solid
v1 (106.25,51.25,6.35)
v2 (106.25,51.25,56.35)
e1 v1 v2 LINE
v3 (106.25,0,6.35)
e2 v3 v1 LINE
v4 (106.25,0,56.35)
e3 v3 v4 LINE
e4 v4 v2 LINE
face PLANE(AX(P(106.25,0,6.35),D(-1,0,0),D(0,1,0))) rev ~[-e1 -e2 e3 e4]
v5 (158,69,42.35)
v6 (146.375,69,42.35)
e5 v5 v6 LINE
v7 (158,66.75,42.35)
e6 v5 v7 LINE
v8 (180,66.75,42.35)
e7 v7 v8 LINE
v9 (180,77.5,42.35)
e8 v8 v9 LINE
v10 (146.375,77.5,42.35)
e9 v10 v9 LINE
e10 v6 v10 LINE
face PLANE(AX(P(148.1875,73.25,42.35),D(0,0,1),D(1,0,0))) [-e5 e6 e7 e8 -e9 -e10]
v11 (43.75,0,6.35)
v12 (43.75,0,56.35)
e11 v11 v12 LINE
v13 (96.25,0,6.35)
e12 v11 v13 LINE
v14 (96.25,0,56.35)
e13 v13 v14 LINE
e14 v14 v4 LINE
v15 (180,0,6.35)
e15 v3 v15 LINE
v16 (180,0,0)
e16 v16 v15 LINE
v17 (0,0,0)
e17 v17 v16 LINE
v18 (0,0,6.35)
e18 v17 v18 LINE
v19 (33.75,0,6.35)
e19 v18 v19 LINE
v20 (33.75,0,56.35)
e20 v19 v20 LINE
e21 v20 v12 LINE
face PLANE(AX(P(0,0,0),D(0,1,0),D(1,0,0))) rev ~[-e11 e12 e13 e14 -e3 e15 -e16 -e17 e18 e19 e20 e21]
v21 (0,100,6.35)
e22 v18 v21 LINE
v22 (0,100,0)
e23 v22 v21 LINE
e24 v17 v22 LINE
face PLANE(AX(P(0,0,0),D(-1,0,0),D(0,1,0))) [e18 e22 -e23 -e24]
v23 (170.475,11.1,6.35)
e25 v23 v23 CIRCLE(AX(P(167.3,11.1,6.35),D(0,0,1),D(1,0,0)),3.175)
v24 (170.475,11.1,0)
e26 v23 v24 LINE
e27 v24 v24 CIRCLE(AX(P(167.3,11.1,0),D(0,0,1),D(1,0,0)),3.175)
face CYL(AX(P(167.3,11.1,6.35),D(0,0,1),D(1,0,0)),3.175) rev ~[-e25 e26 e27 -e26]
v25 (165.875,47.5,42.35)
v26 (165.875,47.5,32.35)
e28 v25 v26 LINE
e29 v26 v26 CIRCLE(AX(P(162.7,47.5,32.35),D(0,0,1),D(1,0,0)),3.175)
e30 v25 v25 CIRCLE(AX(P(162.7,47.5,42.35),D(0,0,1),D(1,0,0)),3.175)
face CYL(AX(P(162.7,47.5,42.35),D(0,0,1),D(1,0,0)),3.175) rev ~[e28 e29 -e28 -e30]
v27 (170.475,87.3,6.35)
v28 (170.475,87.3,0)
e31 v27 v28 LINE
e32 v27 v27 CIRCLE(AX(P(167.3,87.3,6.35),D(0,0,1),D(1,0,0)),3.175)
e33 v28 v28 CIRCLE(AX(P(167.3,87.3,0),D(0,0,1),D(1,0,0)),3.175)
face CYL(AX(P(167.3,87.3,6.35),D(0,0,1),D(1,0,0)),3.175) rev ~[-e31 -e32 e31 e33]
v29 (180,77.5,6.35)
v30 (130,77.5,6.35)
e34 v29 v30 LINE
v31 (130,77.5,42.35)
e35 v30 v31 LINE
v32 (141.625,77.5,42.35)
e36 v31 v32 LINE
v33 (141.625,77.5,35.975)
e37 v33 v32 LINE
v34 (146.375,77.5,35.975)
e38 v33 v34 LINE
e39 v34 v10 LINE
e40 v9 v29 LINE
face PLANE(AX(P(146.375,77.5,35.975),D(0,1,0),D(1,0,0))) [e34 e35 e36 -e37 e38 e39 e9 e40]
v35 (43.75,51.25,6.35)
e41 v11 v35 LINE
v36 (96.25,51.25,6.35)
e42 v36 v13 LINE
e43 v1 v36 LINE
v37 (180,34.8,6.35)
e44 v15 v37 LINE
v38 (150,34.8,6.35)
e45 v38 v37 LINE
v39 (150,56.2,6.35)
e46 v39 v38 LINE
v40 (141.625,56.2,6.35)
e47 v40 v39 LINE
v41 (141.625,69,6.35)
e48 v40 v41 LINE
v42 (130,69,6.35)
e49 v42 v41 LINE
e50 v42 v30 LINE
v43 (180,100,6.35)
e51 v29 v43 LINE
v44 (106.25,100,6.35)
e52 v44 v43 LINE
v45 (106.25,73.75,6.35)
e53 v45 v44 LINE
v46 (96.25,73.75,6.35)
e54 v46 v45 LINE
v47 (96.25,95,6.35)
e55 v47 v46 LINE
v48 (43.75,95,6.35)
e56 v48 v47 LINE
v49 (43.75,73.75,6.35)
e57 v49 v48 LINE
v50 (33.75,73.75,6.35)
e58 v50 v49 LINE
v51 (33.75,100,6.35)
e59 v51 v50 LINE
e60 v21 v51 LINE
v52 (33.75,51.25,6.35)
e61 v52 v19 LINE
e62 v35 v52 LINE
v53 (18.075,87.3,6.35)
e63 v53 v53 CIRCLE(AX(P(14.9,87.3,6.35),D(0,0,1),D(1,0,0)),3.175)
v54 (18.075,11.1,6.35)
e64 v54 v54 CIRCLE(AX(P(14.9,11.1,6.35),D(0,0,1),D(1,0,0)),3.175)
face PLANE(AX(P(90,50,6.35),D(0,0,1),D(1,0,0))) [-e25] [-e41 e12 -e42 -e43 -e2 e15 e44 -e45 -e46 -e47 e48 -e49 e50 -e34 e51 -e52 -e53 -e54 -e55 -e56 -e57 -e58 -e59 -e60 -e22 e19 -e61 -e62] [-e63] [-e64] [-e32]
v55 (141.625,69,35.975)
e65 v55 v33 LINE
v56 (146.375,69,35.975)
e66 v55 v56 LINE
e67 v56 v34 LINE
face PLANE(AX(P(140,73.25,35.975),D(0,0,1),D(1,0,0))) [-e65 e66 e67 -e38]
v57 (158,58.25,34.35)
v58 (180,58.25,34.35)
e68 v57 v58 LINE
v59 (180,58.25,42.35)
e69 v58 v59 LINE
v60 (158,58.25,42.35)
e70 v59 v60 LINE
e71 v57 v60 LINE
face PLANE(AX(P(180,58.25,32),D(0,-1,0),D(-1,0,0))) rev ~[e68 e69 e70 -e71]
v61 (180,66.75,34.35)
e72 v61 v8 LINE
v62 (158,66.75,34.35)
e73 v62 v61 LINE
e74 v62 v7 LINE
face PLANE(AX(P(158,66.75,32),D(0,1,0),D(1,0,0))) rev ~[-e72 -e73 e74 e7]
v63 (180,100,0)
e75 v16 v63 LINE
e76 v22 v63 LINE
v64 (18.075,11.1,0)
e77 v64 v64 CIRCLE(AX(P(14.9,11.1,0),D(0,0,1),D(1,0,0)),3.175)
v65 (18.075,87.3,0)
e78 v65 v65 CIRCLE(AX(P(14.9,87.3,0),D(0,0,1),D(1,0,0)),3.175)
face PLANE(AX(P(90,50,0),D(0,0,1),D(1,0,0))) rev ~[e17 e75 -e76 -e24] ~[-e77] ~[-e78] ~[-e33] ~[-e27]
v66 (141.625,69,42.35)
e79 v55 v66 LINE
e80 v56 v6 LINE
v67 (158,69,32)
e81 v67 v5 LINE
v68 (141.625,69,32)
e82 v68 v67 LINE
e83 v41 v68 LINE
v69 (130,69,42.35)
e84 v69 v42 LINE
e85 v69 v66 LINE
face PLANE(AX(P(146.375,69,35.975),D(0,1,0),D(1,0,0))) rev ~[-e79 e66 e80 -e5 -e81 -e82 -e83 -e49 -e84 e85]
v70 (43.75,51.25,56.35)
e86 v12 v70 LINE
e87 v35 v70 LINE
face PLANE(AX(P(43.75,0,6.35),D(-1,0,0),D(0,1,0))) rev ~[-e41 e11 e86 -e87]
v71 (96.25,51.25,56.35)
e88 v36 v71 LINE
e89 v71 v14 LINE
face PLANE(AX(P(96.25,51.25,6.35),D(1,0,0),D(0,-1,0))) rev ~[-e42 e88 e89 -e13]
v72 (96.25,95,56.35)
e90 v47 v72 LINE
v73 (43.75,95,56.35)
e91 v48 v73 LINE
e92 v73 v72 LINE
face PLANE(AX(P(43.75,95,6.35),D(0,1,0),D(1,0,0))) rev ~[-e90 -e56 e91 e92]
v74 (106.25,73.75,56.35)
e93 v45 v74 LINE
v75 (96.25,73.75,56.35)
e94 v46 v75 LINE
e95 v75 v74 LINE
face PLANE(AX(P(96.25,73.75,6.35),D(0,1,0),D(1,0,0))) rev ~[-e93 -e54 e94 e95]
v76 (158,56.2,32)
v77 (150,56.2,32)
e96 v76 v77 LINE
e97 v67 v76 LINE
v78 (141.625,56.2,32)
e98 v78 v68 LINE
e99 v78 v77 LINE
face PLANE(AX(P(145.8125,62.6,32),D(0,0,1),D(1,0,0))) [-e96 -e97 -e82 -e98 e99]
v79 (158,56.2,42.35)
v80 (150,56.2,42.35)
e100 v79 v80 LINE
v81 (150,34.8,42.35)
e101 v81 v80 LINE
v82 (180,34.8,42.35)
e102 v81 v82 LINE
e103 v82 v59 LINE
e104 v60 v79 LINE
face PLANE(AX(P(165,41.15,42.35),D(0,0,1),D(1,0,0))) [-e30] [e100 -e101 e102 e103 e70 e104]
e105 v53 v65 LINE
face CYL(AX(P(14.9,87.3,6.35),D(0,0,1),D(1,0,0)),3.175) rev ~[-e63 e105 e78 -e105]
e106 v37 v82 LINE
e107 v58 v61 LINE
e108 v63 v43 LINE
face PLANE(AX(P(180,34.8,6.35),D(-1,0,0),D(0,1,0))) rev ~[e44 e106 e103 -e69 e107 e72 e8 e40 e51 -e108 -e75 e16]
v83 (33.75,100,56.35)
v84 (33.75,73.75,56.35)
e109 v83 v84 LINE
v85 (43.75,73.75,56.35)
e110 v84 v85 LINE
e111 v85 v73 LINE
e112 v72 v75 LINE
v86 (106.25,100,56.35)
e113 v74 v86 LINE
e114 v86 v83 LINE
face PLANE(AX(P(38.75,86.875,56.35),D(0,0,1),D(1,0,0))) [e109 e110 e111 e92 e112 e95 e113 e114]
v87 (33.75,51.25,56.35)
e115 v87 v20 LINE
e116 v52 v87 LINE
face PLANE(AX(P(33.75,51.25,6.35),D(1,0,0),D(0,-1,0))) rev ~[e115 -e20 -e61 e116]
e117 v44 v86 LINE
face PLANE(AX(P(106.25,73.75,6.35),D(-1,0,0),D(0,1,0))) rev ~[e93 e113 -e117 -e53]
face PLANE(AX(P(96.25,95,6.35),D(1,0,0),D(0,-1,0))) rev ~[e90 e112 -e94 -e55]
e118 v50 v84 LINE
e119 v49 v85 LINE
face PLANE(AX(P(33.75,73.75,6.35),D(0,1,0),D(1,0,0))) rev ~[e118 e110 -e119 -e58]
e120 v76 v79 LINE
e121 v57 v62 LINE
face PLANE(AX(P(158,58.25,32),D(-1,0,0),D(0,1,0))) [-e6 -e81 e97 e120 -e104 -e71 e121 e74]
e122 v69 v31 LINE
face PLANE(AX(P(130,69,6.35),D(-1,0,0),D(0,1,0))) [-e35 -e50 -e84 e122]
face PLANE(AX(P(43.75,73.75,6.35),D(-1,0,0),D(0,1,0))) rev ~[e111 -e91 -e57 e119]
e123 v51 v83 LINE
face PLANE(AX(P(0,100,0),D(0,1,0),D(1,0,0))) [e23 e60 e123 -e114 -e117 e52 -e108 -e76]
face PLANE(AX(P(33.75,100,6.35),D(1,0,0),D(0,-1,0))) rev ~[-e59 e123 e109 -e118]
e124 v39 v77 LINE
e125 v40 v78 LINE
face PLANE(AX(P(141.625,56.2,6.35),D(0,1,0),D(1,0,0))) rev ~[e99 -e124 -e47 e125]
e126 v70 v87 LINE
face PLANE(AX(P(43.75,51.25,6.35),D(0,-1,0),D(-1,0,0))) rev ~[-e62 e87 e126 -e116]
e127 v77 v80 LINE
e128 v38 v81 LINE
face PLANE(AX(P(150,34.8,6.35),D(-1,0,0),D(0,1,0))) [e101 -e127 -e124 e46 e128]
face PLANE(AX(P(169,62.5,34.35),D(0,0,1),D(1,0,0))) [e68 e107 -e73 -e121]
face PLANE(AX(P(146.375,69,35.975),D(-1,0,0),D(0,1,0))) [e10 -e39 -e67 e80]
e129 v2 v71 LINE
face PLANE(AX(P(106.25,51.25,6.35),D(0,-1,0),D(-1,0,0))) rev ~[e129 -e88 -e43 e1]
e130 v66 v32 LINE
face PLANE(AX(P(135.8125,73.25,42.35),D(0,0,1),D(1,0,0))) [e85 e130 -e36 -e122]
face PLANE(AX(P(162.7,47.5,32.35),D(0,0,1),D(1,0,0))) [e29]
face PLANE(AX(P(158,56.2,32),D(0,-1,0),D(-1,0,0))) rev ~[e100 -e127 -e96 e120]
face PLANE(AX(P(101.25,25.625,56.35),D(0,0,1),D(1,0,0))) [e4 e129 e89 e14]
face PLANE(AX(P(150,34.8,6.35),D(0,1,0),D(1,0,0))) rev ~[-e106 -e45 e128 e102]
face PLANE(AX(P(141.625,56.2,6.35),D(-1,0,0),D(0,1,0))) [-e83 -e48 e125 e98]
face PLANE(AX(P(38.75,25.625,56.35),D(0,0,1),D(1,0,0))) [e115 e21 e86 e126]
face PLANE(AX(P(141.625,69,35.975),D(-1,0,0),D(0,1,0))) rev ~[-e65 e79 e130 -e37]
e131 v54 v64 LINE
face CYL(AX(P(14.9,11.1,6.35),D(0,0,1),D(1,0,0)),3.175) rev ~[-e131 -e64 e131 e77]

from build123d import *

# Parameters (mm, degrees)
SKETCH1_W            = 180
SKETCH1_H            = 100
BOSS_EXTRUDE1_DEPTH  = 6.35
SKETCH2_W            = 26.25
SKETCH2_H            = 5
BOSS_EXTRUDE3_DEPTH  = 50
SKETCH3_W            = 30
SKETCH3_H            = 30
BOSS_EXTRUDE4_DEPTH  = 25.65
BOSS_EXTRUDE5_DEPTH  = 10.35
SKETCH5_W            = 22
SKETCH5_H            = 8.5
BOSS_EXTRUDE6_DEPTH  = 2.35
SKETCH6_W            = 20
SKETCH6_H            = 8.5
BOSS_EXTRUDE7_DEPTH  = 29.625
SKETCH8_W            = 3.625
SKETCH8_H            = 8.5
SKETCH8_W_2          = 11.625
BOSS_EXTRUDE8_DEPTH  = 6.375
SKETCH9_W            = 8.375
SKETCH9_H            = 12.8
BOSS_EXTRUDE9_DEPTH  = 25.65
SKETCH10_R           = 3.175
CUT_EXTRUDE1_DEPTH   = 6.35
SKETCH11_W           = 30
SKETCH11_H           = 12.7
BOSS_EXTRUDE10_DEPTH = 36
SKETCH12_R           = 3.175
CUT_EXTRUDE2_DEPTH   = 10


with BuildPart() as part:
    # Sketch1 → Boss-Extrude1 (new body)
    with BuildSketch(Plane.XY):
        with Locations((90, 50)):
            Rectangle(SKETCH1_W, SKETCH1_H)
    extrude(amount=BOSS_EXTRUDE1_DEPTH)

    # Sketch2 → Boss-Extrude3 (add)
    with BuildSketch(Plane.XY.offset(6.35)):
        Polygon((43.75, 95), (43.75, 100), (33.75, 100), (33.75, 73.75), (43.75, 73.75), align=None)
        with Locations((56.875, 97.5)):
            Rectangle(SKETCH2_W, SKETCH2_H)
        with Locations((83.125, 97.5)):
            Rectangle(SKETCH2_W, SKETCH2_H)
        Polygon((106.25, 100), (96.25, 100), (96.25, 95), (96.25, 73.75), (106.25, 73.75), align=None)
        Polygon((33.75, 0), (43.75, 0), (43.75, 5), (43.75, 51.25), (33.75, 51.25), align=None)
        Polygon((96.25, 5), (96.25, 0), (106.25, 0), (106.25, 51.25), (96.25, 51.25), align=None)
    extrude(amount=BOSS_EXTRUDE3_DEPTH)

    # Sketch3 → Boss-Extrude4 (add)
    with BuildSketch(Plane.XY.offset(6.35)):
        with Locations((165, 62.5)):
            Rectangle(SKETCH3_W, SKETCH3_H)
    extrude(amount=BOSS_EXTRUDE4_DEPTH)

    # Sketch4 → Boss-Extrude5 (add)
    with BuildSketch(Plane.XY.offset(32)):
        Polygon((150, 77.5), (150, 69), (158, 69), (158, 66.75), (180, 66.75), (180, 77.5), align=None)
        Polygon((158, 56.2), (150, 56.2), (150, 47.5), (180, 47.5), (180, 58.25), (158, 58.25), align=None)
    extrude(amount=BOSS_EXTRUDE5_DEPTH)

    # Sketch5 → Boss-Extrude6 (add)
    with BuildSketch(Plane.XY.offset(32)):
        with Locations((169, 62.5)):
            Rectangle(SKETCH5_W, SKETCH5_H)
    extrude(amount=BOSS_EXTRUDE6_DEPTH)

    # Sketch6 → Boss-Extrude7 (add)
    with BuildSketch(Plane.XY.offset(6.35)):
        with Locations((140, 73.25)):
            Rectangle(SKETCH6_W, SKETCH6_H)
    extrude(amount=BOSS_EXTRUDE7_DEPTH)

    # Sketch8 → Boss-Extrude8 (add)
    with BuildSketch(Plane.XY.offset(35.975)):
        with Locations((148.1875, 73.25)):
            Rectangle(SKETCH8_W, SKETCH8_H)
        with Locations((135.8125, 73.25)):
            Rectangle(SKETCH8_W_2, SKETCH8_H)
    extrude(amount=BOSS_EXTRUDE8_DEPTH)

    # Sketch9 → Boss-Extrude9 (add)
    with BuildSketch(Plane.XY.offset(6.35)):
        with Locations((145.8125, 62.6)):
            Rectangle(SKETCH9_W, SKETCH9_H)
    extrude(amount=BOSS_EXTRUDE9_DEPTH)

    # Sketch10 → Cut-Extrude1 (cut)
    with BuildSketch(Plane.XY.offset(6.35)):
        with Locations((14.9, 87.3)):
            Circle(SKETCH10_R)
        with Locations((167.3, 87.3)):
            Circle(SKETCH10_R)
        with Locations((167.3, 11.1)):
            Circle(SKETCH10_R)
        with Locations((14.9, 11.1)):
            Circle(SKETCH10_R)
    extrude(amount=-CUT_EXTRUDE1_DEPTH, mode=Mode.SUBTRACT)

    # Sketch11 → Boss-Extrude10 (add)
    with BuildSketch(Plane.XY.offset(6.35)):
        with Locations((165, 41.15)):
            Rectangle(SKETCH11_W, SKETCH11_H)
    extrude(amount=BOSS_EXTRUDE10_DEPTH)

    # Sketch12 → Cut-Extrude2 (cut)
    with BuildSketch(Plane.XY.offset(42.35)):
        with Locations((162.7, 47.5)):
            Circle(SKETCH12_R)
    extrude(amount=-CUT_EXTRUDE2_DEPTH, mode=Mode.SUBTRACT)


solid = part.part
